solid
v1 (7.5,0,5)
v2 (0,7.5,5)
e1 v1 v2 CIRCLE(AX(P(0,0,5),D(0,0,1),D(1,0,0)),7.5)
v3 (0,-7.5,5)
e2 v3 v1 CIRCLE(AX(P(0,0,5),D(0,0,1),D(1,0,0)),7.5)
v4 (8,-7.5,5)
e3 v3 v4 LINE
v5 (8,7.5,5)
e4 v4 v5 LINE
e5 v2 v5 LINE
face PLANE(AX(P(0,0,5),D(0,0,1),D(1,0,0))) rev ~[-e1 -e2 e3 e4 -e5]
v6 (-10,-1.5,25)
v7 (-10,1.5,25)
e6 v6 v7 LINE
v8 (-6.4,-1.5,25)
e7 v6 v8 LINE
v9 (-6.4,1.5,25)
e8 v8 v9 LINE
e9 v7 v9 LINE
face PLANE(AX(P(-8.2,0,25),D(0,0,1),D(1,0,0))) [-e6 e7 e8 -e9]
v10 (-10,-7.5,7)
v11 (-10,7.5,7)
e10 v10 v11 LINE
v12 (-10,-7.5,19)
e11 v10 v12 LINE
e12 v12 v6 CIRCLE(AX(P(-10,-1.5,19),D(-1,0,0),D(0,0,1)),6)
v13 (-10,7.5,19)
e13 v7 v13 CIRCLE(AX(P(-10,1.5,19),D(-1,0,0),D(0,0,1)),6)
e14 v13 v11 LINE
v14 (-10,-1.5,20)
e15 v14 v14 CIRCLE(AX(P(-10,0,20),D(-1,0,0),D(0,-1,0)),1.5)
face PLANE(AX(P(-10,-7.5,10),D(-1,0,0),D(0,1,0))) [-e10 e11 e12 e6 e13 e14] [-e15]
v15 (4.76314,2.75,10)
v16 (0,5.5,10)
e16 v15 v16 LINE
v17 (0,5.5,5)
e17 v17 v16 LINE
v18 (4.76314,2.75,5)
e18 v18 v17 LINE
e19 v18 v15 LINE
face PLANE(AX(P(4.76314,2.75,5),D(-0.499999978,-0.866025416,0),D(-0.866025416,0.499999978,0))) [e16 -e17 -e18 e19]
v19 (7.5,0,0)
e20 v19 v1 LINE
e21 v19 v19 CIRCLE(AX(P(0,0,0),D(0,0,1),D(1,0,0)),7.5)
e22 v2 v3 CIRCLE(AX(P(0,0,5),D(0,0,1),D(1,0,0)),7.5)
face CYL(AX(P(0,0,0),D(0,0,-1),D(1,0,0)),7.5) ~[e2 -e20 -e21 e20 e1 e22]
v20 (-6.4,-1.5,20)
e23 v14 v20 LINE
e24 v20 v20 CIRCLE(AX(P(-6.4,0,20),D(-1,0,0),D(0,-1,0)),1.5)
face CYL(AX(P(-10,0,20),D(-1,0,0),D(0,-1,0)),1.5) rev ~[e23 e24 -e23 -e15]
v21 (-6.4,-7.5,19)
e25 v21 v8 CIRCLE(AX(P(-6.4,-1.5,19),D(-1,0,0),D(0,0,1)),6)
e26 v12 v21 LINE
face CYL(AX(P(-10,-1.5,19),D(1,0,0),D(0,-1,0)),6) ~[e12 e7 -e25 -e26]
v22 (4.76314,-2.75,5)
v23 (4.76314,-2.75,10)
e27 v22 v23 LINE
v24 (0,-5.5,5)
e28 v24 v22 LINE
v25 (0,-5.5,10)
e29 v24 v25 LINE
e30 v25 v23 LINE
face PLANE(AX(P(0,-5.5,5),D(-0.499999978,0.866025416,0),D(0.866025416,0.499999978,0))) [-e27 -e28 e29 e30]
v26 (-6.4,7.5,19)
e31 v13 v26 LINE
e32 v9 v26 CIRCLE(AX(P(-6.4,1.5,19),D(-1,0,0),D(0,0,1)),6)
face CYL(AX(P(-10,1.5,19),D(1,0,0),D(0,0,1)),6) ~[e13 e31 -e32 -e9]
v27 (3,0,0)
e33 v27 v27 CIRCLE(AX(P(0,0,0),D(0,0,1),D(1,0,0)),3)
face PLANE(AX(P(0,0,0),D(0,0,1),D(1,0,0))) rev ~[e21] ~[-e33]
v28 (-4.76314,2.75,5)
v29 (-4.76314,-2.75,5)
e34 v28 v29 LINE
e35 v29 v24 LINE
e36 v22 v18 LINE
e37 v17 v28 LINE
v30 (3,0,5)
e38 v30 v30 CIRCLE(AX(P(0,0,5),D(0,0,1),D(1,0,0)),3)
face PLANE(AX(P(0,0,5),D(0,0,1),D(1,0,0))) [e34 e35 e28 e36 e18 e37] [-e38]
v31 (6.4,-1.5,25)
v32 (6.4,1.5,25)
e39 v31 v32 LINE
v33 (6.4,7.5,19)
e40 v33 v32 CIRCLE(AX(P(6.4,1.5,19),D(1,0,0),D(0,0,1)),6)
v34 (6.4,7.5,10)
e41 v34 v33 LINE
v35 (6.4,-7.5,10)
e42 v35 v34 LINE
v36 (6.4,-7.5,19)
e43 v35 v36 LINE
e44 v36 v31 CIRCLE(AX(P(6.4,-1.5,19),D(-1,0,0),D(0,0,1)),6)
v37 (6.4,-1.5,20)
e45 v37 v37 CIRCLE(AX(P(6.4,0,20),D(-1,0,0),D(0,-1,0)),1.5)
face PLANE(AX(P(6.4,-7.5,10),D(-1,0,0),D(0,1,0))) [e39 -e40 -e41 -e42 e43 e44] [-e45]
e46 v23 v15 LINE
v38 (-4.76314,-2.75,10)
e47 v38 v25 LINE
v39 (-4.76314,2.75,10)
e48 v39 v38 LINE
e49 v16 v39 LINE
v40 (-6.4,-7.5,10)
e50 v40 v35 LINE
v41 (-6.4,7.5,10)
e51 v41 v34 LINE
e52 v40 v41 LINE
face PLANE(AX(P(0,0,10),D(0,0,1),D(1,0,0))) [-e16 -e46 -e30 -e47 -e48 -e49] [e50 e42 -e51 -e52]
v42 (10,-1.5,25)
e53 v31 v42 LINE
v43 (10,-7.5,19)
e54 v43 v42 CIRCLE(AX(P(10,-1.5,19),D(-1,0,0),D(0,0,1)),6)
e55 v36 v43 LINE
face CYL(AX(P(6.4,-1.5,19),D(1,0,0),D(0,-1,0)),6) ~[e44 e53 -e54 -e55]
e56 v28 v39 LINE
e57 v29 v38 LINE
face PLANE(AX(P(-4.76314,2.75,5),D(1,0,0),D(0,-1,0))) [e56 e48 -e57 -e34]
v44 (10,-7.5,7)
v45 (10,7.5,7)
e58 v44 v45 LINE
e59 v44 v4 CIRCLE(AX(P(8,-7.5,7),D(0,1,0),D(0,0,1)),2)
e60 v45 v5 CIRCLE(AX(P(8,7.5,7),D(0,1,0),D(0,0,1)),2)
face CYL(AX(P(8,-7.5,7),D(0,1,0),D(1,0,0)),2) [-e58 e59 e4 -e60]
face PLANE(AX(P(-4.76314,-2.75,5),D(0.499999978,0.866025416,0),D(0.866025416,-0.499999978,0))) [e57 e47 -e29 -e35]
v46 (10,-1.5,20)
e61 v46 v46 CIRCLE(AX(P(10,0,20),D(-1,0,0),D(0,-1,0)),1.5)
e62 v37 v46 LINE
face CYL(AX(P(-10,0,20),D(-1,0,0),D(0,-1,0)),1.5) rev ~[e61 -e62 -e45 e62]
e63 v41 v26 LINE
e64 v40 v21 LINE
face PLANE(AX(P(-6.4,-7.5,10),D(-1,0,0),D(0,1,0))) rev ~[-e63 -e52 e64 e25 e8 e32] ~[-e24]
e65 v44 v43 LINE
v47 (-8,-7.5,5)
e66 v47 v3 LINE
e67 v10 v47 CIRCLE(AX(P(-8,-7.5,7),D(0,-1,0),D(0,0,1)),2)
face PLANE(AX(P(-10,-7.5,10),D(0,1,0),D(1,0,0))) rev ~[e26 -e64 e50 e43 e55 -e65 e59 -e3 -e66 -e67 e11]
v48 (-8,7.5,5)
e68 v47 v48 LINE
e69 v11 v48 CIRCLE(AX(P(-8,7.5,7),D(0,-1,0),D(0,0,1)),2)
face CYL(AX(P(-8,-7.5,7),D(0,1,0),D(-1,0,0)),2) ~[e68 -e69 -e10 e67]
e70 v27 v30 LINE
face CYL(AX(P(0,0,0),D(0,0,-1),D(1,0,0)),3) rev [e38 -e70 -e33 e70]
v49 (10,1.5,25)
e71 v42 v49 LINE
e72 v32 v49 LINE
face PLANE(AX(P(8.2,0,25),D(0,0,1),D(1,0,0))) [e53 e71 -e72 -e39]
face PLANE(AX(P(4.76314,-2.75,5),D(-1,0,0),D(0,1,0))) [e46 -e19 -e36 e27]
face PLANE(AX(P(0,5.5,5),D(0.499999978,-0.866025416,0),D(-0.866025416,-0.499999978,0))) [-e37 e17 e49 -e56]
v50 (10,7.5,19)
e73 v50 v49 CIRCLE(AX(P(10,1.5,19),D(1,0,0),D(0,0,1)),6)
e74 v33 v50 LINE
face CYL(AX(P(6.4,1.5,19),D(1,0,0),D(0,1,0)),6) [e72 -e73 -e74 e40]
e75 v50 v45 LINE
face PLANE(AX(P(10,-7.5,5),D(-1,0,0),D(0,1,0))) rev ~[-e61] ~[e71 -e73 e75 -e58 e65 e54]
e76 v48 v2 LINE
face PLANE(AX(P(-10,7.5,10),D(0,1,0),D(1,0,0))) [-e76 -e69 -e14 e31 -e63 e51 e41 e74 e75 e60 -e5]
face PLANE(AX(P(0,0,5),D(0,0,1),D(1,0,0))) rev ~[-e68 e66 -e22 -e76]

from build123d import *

# Parameters (mm, degrees)
SKETCH_R     = 7.5
SKETCH_R_2   = 3
PAD_DEPTH    = 5
SKETCH001_W  = 20
SKETCH001_H  = 15
PAD001_DEPTH = 5
SKETCH002_W  = 3.6
SKETCH002_H  = 15
PAD002_DEPTH = 15
SKETCH003_R  = 1.5
POCKET_DEPTH = 20.001
FILLET_R     = 2
FILLET001_R  = 6


with BuildPart() as part:
    # Sketch → Pad (new body)
    with BuildSketch(Plane.XY):
        Circle(SKETCH_R)
        Circle(SKETCH_R_2, mode=Mode.SUBTRACT)
    extrude(amount=PAD_DEPTH)

    # Sketch001 (on Face4 of Pad) → Pad001 (join)
    with BuildSketch(Plane.XY.offset(5)):
        Rectangle(SKETCH001_W, SKETCH001_H)
        Polygon((4.76314, -2.75), (4.76314, 2.75), (0, 5.5), (-4.76314, 2.75), (-4.76314, -2.75), (0, -5.5), align=None, mode=Mode.SUBTRACT)
    extrude(amount=PAD001_DEPTH)

    # Sketch002 (on Face11 of Pad001) → Pad002 (join)
    with BuildSketch(Plane.XY.offset(10)):
        with Locations((-8.2, 0)):
            Rectangle(SKETCH002_W, SKETCH002_H)
        with Locations((8.2, 0)):
            Rectangle(SKETCH002_W, SKETCH002_H)
    extrude(amount=PAD002_DEPTH)

    # Sketch003 (on Face17 of Pad002) → Pocket (cut, through all)
    with BuildSketch(Plane(origin=(-10, 0, 0), x_dir=(0, -1, 0), z_dir=(-1, 0, 0))):
        with Locations((0, 20)):
            Circle(SKETCH003_R)
    extrude(amount=-POCKET_DEPTH, mode=Mode.SUBTRACT)

    # Fillet
    fillet_edges = [part.edges().sort_by_distance(p)[0] for p in [
        (-10, 0, 5),
        (10, 0, 5),
    ]]
    fillet(fillet_edges, radius=FILLET_R)

    # Fillet001
    fillet001_edges = [part.edges().sort_by_distance(p)[0] for p in [
        (-8.2, -7.5, 25),
        (-8.2, 7.5, 25),
        (8.2, 7.5, 25),
        (8.2, -7.5, 25),
    ]]
    fillet(fillet001_edges, radius=FILLET001_R)


solid = part.part
